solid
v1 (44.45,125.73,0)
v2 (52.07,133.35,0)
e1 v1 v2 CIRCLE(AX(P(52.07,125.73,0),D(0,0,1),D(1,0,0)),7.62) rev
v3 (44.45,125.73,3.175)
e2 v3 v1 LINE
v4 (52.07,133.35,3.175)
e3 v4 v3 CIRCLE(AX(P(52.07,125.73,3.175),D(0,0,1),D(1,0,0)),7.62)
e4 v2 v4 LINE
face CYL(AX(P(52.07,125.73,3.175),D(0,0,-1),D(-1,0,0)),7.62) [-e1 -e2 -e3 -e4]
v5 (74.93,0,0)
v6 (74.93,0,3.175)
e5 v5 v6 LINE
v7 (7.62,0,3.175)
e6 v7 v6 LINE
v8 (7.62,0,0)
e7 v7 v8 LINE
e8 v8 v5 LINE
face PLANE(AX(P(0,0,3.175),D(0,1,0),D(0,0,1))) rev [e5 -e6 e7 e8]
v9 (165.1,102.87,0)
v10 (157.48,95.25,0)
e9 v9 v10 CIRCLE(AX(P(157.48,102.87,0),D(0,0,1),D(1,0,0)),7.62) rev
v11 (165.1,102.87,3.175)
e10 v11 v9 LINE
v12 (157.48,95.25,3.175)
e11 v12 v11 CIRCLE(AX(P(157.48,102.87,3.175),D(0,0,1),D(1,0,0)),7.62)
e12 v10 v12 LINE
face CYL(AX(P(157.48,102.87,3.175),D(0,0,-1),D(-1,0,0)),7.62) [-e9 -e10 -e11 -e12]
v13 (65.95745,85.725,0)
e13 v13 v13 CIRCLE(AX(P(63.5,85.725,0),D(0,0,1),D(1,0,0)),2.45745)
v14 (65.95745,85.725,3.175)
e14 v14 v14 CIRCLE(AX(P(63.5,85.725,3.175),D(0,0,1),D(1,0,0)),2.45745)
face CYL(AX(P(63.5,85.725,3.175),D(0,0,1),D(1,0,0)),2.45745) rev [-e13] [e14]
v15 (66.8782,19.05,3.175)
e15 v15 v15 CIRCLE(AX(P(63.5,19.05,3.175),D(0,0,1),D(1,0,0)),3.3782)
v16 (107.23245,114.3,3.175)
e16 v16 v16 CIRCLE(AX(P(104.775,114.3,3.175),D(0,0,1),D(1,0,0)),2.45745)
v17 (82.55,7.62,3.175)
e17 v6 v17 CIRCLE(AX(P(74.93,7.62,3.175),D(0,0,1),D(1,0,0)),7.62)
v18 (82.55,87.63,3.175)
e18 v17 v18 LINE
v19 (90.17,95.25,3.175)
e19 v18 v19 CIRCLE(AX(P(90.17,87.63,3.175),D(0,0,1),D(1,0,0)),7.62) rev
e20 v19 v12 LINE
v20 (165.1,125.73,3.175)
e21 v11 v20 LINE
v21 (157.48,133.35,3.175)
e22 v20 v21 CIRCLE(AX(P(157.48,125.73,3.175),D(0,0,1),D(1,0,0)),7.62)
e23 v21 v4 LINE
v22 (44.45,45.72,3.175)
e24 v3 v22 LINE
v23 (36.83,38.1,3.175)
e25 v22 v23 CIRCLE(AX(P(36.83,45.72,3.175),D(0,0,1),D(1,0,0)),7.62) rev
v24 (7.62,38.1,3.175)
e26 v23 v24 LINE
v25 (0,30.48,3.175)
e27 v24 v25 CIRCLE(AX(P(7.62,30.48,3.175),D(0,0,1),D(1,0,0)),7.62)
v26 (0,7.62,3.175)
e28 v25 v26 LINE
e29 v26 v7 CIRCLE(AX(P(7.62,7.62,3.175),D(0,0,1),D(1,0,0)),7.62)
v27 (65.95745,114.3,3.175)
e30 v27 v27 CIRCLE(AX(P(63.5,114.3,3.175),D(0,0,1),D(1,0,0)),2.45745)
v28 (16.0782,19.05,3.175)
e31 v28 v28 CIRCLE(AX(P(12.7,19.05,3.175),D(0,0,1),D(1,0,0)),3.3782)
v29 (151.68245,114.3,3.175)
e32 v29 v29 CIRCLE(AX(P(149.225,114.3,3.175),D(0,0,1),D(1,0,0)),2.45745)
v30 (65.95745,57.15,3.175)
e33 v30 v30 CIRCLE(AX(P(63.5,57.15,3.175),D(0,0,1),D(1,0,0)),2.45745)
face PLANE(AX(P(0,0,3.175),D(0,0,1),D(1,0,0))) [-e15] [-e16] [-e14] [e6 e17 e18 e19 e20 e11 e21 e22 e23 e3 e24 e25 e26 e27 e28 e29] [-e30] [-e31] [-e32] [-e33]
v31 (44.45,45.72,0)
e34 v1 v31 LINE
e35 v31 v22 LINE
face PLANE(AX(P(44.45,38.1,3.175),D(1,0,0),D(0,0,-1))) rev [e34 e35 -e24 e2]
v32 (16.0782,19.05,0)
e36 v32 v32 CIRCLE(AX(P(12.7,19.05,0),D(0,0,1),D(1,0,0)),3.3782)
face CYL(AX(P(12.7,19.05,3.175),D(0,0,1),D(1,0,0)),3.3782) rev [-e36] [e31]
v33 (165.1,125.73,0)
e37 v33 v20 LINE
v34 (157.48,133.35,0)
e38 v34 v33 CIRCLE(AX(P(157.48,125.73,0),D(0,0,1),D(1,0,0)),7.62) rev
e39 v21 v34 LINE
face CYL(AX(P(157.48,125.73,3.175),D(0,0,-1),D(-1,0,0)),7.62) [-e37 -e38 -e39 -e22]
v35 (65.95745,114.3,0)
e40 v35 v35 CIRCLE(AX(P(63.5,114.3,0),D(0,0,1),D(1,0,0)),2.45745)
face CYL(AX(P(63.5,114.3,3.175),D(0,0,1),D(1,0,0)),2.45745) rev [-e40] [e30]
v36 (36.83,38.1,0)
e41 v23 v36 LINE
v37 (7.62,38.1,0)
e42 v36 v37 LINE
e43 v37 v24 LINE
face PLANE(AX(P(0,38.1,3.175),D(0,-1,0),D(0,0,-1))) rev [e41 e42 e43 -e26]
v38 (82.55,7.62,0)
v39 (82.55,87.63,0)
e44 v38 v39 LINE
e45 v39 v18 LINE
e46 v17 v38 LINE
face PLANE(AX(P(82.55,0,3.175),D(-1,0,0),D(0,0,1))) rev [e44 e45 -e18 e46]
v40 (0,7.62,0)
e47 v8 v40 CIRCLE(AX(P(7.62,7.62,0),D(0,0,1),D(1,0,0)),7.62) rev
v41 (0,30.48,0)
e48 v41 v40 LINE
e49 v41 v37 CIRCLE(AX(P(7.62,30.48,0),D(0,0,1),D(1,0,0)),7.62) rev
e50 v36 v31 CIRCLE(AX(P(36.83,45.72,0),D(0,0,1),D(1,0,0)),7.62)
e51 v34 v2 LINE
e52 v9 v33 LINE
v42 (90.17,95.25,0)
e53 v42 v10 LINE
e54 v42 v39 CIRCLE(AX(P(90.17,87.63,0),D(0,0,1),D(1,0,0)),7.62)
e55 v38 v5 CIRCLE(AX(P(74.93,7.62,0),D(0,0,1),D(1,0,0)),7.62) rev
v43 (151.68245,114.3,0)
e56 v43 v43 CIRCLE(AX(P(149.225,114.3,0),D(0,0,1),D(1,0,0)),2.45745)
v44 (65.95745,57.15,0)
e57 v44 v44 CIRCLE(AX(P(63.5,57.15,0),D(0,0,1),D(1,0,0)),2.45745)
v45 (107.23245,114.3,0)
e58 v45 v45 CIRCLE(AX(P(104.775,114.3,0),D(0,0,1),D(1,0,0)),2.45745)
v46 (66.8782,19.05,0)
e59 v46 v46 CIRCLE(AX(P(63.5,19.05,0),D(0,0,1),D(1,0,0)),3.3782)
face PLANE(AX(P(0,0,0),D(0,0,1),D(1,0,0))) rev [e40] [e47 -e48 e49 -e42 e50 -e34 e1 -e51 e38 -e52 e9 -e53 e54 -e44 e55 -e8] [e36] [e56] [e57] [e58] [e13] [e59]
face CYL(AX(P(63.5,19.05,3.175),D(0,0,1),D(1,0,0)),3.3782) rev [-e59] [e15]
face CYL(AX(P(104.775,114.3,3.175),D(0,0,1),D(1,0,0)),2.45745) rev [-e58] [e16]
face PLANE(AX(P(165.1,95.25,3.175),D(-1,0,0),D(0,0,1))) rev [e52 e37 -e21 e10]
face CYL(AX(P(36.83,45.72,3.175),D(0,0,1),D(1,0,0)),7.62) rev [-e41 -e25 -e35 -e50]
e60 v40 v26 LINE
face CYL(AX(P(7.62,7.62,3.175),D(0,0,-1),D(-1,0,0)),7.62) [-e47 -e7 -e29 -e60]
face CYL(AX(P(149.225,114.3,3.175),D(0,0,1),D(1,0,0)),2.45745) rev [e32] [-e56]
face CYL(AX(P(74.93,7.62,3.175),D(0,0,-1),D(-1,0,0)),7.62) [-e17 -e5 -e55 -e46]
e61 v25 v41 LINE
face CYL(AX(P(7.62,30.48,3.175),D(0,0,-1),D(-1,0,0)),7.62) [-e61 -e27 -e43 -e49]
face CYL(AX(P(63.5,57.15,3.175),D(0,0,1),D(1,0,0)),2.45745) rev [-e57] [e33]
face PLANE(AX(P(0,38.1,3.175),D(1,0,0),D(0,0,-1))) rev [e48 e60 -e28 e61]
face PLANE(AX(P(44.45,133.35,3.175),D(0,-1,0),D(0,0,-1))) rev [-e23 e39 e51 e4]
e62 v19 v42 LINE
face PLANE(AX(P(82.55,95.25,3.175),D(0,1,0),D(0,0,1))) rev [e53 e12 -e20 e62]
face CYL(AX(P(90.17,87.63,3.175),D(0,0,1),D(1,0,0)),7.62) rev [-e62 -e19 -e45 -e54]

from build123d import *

# Parameters (mm, degrees)
BOSS_EXTRUDE1_DEPTH          = 3.175
F_10_0_1935_DIAMETER_HOLE1_D = 4.9149
F_1_4_CLEARANCE_HOLE2_D      = 6.7564
FILLET1_R                    = 7.62


with BuildPart() as part:
    # Sketch1 → Boss-Extrude1 (new body)
    with BuildSketch(Plane.XY):
        Polygon((0, 0), (82.55, 0), (82.55, 95.25), (165.1, 95.25), (165.1, 133.35), (44.45, 133.35), (44.45, 38.1), (0, 38.1), align=None)
    extrude(amount=BOSS_EXTRUDE1_DEPTH)

    # #10 (0.1935) Diameter Hole1 (through all)
    with Locations(Plane.XY.offset(3.175)):
        with Locations((63.5, 85.725), (63.5, 57.15), (63.5, 114.3), (149.225, 114.3), (104.775, 114.3)):
            Hole(F_10_0_1935_DIAMETER_HOLE1_D / 2)

    # 1/4 Clearance Hole2 (through all)
    with Locations(Plane.XY.offset(3.175)):
        with Locations((12.7, 19.05), (63.5, 19.05)):
            Hole(F_1_4_CLEARANCE_HOLE2_D / 2)

    # Fillet1
    fillet1_edges = [part.edges().sort_by_distance(p)[0] for p in [
        (0, 38.1, 1.5875),
        (44.45, 38.1, 1.5875),
        (44.45, 133.35, 1.5875),
        (165.1, 133.35, 1.5875),
        (165.1, 95.25, 1.5875),
        (82.55, 95.25, 1.5875),
        (82.55, 0, 1.5875),
        (0, 0, 1.5875),
    ]]
    fillet(fillet1_edges, radius=FILLET1_R)


solid = part.part
